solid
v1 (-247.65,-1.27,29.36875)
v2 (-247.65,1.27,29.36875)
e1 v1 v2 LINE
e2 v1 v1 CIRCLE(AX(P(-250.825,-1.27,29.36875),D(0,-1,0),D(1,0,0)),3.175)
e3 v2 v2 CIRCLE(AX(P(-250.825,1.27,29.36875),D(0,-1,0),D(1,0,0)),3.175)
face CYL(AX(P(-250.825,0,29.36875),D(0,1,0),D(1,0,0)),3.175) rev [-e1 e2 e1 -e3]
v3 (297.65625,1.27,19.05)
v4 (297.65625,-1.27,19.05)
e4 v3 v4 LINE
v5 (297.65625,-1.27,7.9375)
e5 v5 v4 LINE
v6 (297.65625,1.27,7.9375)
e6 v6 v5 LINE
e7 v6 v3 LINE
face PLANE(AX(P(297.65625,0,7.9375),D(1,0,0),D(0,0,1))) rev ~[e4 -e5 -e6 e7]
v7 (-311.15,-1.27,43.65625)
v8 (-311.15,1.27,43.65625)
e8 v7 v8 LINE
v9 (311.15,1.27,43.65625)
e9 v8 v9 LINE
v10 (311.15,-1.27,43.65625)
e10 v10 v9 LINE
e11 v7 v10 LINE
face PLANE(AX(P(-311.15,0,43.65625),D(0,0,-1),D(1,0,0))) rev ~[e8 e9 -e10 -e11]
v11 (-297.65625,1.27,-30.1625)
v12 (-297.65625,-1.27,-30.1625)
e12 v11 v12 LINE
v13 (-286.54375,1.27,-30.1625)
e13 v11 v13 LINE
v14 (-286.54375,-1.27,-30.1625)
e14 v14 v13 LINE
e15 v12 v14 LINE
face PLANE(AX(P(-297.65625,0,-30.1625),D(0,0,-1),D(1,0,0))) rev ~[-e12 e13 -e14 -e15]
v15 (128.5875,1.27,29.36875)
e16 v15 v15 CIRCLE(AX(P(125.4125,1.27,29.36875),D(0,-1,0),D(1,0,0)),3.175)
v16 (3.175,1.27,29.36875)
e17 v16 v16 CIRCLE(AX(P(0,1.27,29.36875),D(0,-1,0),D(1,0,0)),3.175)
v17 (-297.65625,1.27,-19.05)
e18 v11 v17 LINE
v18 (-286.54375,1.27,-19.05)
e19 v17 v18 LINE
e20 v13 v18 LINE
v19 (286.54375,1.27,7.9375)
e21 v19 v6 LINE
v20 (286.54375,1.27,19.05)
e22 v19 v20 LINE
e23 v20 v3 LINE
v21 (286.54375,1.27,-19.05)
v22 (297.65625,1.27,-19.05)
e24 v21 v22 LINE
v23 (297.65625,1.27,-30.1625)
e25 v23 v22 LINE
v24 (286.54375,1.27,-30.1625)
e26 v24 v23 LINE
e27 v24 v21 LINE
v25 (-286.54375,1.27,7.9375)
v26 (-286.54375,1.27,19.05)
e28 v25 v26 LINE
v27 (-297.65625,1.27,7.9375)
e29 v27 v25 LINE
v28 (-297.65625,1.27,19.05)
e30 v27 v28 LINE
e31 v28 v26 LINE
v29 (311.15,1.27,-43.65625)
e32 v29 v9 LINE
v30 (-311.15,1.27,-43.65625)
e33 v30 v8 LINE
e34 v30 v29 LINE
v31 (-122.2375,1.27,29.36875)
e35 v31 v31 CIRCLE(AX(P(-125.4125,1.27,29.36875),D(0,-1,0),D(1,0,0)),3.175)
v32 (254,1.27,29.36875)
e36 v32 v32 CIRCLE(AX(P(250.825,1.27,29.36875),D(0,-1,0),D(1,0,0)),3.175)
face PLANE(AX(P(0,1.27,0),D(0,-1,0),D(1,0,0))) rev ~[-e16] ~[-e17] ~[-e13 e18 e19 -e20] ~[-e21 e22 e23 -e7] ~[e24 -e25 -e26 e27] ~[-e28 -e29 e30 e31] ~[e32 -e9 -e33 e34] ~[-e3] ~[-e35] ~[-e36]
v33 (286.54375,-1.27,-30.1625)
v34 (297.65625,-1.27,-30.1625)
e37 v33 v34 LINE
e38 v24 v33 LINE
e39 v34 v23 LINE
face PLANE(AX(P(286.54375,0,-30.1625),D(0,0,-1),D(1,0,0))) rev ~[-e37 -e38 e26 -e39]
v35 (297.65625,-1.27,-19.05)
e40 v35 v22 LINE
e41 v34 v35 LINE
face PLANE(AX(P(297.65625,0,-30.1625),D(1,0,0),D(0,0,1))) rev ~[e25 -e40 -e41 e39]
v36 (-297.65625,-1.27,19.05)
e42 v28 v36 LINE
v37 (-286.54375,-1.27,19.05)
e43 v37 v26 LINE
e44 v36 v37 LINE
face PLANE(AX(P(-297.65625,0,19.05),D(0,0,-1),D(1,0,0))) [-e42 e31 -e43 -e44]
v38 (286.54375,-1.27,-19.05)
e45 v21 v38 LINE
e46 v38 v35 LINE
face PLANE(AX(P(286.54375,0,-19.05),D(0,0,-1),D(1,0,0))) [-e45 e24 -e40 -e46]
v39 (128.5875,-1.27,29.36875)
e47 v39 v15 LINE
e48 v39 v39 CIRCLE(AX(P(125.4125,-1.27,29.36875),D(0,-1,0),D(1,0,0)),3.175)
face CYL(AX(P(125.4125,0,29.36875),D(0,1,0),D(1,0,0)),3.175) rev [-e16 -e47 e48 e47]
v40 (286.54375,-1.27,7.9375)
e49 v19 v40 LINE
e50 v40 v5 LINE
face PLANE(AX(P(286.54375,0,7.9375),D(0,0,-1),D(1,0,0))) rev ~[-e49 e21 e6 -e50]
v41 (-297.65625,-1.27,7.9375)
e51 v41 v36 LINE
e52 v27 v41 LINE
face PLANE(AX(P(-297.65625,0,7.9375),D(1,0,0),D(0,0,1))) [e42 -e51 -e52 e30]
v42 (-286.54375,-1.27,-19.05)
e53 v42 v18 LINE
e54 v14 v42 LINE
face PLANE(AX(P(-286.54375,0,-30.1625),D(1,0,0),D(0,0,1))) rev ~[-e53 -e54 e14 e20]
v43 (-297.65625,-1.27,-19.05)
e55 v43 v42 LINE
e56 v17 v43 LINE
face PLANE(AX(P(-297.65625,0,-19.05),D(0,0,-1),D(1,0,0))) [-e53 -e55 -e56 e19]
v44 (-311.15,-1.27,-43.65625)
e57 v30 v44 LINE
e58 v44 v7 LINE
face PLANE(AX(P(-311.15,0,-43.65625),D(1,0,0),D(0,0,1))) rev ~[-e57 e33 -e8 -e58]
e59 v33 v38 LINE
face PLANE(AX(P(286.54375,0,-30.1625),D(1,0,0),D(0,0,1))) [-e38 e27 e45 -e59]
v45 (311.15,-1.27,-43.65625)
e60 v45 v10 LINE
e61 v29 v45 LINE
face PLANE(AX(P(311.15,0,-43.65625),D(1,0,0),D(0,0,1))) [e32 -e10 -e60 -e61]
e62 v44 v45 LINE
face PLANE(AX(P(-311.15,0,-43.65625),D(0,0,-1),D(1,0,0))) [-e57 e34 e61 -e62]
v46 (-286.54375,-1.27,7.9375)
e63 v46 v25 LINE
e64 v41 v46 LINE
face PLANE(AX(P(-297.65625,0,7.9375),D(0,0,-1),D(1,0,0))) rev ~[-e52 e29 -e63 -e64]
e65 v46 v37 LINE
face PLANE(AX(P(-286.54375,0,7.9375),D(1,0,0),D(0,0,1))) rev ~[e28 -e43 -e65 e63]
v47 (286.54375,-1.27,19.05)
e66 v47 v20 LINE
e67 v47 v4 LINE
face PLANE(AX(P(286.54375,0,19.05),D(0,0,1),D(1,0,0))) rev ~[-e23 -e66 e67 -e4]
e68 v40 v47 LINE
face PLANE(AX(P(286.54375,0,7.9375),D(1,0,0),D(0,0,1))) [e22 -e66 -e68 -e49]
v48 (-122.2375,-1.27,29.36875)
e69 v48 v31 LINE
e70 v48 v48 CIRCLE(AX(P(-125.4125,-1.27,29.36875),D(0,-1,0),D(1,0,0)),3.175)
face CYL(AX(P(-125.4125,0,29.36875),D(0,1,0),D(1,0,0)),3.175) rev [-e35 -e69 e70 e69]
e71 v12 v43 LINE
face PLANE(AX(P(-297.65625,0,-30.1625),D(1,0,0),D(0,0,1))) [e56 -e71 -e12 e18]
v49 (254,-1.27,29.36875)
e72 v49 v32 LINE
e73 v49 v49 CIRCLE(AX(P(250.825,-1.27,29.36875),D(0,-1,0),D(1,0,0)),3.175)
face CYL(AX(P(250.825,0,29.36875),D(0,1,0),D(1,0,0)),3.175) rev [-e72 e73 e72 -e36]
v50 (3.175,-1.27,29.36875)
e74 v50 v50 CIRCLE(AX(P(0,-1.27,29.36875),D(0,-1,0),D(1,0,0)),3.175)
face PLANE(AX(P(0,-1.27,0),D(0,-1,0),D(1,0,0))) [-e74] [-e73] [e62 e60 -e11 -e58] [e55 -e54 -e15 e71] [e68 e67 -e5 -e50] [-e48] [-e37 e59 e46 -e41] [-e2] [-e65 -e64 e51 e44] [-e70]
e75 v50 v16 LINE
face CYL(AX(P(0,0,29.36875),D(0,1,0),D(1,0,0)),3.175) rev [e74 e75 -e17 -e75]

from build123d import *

# Parameters (mm, degrees)
F0_W     = 622.3
F0_H     = 87.3125
F0_W_2   = 11.1125
F0_H_2   = 11.1125
F0_R     = 3.175
F1_DEPTH = 1.27


with BuildPart() as f1:
    # F0 (on Front) → F1 (new body, symmetric)
    with BuildSketch(Plane.XZ):
        Rectangle(F0_W, F0_H)
        with Locations((-292.1, -24.60625)):
            Rectangle(F0_W_2, F0_H_2, mode=Mode.SUBTRACT)
        with Locations((292.1, -24.60625)):
            Rectangle(F0_W_2, F0_H_2, mode=Mode.SUBTRACT)
        with Locations((-292.1, 13.49375)):
            Rectangle(F0_W_2, F0_H_2, mode=Mode.SUBTRACT)
        with Locations((-250.825, 29.36875)):
            Circle(F0_R, mode=Mode.SUBTRACT)
        with Locations((-125.4125, 29.36875)):
            Circle(F0_R, mode=Mode.SUBTRACT)
        with Locations((292.1, 13.49375)):
            Rectangle(F0_W_2, F0_H_2, mode=Mode.SUBTRACT)
        with Locations((0, 29.36875)):
            Circle(F0_R, mode=Mode.SUBTRACT)
        with Locations((125.4125, 29.36875)):
            Circle(F0_R, mode=Mode.SUBTRACT)
        with Locations((250.825, 29.36875)):
            Circle(F0_R, mode=Mode.SUBTRACT)
    extrude(amount=F1_DEPTH, both=True)


solid = f1.part
